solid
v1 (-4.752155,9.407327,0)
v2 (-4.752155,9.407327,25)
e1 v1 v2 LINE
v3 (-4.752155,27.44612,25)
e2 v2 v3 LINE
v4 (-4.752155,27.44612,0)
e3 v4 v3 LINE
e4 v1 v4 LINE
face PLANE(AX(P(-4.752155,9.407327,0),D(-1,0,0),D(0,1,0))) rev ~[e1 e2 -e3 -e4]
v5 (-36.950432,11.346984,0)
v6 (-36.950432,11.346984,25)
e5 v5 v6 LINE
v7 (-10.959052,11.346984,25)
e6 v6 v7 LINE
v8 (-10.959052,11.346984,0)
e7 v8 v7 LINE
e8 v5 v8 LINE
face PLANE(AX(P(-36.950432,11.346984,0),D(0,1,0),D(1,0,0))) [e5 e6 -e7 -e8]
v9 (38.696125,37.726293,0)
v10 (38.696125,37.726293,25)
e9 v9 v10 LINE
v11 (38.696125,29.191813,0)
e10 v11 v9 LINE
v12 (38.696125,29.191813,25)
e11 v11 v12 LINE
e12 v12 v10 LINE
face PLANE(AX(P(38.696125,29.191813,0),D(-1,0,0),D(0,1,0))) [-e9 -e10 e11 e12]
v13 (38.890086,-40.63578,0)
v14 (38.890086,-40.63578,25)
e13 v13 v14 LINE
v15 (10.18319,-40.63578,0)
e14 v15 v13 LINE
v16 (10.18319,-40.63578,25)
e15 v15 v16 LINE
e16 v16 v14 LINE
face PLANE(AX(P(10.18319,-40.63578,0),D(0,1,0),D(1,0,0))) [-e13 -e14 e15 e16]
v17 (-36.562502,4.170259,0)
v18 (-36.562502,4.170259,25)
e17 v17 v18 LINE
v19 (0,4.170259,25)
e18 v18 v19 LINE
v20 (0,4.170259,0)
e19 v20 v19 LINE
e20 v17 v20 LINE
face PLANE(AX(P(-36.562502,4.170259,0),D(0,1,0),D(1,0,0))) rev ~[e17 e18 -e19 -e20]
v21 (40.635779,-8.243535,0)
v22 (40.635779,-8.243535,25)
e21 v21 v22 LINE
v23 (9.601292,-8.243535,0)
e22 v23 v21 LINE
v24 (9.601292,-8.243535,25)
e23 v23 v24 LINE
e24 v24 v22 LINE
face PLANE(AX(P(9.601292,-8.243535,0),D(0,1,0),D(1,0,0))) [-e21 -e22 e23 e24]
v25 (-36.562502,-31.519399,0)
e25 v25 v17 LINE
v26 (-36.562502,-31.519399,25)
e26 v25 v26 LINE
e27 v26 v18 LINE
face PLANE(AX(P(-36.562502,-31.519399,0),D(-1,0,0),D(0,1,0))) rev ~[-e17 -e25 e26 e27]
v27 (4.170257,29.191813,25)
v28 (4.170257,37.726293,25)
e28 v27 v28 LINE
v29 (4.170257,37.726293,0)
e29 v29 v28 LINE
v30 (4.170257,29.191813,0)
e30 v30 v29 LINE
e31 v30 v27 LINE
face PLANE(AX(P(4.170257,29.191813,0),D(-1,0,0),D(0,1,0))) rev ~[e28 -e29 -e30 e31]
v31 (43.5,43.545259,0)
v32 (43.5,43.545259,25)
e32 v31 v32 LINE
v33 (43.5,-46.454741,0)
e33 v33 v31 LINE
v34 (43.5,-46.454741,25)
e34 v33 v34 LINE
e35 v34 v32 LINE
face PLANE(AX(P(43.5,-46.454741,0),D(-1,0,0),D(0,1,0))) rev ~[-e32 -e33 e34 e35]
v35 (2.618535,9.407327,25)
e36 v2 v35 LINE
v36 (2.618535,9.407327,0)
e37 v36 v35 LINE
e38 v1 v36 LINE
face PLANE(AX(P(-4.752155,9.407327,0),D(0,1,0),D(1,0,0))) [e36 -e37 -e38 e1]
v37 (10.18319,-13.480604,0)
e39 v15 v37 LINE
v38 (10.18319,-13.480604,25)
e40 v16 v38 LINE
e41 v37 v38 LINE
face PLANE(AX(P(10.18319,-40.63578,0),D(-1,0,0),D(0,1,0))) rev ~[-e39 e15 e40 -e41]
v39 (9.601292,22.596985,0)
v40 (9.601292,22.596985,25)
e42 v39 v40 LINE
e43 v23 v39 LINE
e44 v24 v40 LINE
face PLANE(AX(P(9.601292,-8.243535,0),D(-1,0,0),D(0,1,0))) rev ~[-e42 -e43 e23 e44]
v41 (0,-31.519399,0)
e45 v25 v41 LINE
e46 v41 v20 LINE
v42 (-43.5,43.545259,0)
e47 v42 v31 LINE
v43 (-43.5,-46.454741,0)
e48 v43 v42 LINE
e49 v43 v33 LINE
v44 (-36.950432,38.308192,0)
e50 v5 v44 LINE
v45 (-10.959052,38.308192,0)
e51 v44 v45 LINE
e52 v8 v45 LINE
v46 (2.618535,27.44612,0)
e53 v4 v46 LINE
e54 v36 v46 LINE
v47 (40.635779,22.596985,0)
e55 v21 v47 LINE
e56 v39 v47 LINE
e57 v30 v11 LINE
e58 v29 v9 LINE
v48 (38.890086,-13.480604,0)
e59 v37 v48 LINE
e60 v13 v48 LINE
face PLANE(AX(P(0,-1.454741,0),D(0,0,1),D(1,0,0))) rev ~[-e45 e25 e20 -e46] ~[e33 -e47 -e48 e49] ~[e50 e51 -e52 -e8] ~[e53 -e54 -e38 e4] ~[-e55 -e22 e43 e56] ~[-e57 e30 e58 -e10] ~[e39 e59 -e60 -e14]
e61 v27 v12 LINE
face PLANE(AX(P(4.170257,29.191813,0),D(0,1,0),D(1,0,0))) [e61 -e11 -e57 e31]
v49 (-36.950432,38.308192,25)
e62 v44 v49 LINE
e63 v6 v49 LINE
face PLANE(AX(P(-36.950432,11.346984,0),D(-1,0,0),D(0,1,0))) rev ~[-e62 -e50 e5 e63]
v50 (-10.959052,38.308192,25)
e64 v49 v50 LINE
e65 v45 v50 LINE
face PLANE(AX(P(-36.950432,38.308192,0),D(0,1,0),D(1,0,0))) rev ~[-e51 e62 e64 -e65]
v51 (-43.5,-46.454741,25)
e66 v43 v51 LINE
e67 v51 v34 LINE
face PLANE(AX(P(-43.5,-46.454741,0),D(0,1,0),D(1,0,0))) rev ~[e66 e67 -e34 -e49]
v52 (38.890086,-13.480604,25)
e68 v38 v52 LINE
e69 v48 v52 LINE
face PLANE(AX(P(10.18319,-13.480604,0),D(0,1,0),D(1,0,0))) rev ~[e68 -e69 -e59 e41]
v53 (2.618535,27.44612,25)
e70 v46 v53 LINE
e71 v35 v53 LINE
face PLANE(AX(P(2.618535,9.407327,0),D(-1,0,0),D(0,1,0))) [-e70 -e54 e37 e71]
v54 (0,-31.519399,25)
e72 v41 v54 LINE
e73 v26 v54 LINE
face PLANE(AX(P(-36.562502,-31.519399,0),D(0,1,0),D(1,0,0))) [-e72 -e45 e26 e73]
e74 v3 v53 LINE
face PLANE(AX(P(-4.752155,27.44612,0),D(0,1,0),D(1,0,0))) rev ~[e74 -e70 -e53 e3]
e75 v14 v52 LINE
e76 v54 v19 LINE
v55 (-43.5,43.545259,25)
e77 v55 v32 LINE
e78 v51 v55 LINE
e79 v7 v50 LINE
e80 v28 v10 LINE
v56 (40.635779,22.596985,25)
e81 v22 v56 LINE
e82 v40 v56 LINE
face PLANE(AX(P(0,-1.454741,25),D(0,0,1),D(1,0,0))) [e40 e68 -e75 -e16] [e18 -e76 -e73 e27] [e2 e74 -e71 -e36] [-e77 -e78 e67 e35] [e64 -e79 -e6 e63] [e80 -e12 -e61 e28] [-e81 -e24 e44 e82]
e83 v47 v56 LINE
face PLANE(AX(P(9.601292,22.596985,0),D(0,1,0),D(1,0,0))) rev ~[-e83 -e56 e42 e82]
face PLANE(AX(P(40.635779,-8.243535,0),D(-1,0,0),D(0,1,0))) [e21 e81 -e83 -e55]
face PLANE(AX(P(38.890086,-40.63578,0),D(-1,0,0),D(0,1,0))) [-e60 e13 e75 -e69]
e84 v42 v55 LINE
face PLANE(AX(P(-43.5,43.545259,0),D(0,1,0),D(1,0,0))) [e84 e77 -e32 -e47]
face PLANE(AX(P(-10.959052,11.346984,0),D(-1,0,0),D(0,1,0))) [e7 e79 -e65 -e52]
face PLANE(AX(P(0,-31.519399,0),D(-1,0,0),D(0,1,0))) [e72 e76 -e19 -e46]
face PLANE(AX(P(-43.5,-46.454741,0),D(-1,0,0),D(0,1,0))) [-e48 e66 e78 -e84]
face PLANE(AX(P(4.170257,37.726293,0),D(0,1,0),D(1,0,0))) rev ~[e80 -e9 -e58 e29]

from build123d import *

# Parameters (mm, degrees)
F0_W     = 87
F0_H     = 90
F0_W_2   = 36.562502
F0_H_2   = 35.689657
F0_W_3   = 28.706896
F0_H_3   = 27.155176
F0_W_4   = 7.37069
F0_H_4   = 18.038793
F0_W_5   = 25.99138
F0_H_5   = 26.961208
F0_W_6   = 31.034487
F0_H_6   = 30.84052
F0_W_7   = 34.525867
F0_H_7   = 8.534481
F1_DEPTH = 25


with BuildPart() as f1:
    # F0 (on Top) → F1 (new body)
    with BuildSketch(Plane.XY):
        with Locations((0, -1.454741)):
            Rectangle(F0_W, F0_H)
        with Locations((-18.281251, -13.67457)):
            Rectangle(F0_W_2, F0_H_2, mode=Mode.SUBTRACT)
        with Locations((24.536638, -27.058192)):
            Rectangle(F0_W_3, F0_H_3, mode=Mode.SUBTRACT)
        with Locations((-1.06681, 18.426724)):
            Rectangle(F0_W_4, F0_H_4, mode=Mode.SUBTRACT)
        with Locations((-23.954742, 24.827588)):
            Rectangle(F0_W_5, F0_H_5, mode=Mode.SUBTRACT)
        with Locations((25.118536, 7.176725)):
            Rectangle(F0_W_6, F0_H_6, mode=Mode.SUBTRACT)
        with Locations((21.433191, 33.459053)):
            Rectangle(F0_W_7, F0_H_7, mode=Mode.SUBTRACT)
    extrude(amount=F1_DEPTH)


solid = f1.part
